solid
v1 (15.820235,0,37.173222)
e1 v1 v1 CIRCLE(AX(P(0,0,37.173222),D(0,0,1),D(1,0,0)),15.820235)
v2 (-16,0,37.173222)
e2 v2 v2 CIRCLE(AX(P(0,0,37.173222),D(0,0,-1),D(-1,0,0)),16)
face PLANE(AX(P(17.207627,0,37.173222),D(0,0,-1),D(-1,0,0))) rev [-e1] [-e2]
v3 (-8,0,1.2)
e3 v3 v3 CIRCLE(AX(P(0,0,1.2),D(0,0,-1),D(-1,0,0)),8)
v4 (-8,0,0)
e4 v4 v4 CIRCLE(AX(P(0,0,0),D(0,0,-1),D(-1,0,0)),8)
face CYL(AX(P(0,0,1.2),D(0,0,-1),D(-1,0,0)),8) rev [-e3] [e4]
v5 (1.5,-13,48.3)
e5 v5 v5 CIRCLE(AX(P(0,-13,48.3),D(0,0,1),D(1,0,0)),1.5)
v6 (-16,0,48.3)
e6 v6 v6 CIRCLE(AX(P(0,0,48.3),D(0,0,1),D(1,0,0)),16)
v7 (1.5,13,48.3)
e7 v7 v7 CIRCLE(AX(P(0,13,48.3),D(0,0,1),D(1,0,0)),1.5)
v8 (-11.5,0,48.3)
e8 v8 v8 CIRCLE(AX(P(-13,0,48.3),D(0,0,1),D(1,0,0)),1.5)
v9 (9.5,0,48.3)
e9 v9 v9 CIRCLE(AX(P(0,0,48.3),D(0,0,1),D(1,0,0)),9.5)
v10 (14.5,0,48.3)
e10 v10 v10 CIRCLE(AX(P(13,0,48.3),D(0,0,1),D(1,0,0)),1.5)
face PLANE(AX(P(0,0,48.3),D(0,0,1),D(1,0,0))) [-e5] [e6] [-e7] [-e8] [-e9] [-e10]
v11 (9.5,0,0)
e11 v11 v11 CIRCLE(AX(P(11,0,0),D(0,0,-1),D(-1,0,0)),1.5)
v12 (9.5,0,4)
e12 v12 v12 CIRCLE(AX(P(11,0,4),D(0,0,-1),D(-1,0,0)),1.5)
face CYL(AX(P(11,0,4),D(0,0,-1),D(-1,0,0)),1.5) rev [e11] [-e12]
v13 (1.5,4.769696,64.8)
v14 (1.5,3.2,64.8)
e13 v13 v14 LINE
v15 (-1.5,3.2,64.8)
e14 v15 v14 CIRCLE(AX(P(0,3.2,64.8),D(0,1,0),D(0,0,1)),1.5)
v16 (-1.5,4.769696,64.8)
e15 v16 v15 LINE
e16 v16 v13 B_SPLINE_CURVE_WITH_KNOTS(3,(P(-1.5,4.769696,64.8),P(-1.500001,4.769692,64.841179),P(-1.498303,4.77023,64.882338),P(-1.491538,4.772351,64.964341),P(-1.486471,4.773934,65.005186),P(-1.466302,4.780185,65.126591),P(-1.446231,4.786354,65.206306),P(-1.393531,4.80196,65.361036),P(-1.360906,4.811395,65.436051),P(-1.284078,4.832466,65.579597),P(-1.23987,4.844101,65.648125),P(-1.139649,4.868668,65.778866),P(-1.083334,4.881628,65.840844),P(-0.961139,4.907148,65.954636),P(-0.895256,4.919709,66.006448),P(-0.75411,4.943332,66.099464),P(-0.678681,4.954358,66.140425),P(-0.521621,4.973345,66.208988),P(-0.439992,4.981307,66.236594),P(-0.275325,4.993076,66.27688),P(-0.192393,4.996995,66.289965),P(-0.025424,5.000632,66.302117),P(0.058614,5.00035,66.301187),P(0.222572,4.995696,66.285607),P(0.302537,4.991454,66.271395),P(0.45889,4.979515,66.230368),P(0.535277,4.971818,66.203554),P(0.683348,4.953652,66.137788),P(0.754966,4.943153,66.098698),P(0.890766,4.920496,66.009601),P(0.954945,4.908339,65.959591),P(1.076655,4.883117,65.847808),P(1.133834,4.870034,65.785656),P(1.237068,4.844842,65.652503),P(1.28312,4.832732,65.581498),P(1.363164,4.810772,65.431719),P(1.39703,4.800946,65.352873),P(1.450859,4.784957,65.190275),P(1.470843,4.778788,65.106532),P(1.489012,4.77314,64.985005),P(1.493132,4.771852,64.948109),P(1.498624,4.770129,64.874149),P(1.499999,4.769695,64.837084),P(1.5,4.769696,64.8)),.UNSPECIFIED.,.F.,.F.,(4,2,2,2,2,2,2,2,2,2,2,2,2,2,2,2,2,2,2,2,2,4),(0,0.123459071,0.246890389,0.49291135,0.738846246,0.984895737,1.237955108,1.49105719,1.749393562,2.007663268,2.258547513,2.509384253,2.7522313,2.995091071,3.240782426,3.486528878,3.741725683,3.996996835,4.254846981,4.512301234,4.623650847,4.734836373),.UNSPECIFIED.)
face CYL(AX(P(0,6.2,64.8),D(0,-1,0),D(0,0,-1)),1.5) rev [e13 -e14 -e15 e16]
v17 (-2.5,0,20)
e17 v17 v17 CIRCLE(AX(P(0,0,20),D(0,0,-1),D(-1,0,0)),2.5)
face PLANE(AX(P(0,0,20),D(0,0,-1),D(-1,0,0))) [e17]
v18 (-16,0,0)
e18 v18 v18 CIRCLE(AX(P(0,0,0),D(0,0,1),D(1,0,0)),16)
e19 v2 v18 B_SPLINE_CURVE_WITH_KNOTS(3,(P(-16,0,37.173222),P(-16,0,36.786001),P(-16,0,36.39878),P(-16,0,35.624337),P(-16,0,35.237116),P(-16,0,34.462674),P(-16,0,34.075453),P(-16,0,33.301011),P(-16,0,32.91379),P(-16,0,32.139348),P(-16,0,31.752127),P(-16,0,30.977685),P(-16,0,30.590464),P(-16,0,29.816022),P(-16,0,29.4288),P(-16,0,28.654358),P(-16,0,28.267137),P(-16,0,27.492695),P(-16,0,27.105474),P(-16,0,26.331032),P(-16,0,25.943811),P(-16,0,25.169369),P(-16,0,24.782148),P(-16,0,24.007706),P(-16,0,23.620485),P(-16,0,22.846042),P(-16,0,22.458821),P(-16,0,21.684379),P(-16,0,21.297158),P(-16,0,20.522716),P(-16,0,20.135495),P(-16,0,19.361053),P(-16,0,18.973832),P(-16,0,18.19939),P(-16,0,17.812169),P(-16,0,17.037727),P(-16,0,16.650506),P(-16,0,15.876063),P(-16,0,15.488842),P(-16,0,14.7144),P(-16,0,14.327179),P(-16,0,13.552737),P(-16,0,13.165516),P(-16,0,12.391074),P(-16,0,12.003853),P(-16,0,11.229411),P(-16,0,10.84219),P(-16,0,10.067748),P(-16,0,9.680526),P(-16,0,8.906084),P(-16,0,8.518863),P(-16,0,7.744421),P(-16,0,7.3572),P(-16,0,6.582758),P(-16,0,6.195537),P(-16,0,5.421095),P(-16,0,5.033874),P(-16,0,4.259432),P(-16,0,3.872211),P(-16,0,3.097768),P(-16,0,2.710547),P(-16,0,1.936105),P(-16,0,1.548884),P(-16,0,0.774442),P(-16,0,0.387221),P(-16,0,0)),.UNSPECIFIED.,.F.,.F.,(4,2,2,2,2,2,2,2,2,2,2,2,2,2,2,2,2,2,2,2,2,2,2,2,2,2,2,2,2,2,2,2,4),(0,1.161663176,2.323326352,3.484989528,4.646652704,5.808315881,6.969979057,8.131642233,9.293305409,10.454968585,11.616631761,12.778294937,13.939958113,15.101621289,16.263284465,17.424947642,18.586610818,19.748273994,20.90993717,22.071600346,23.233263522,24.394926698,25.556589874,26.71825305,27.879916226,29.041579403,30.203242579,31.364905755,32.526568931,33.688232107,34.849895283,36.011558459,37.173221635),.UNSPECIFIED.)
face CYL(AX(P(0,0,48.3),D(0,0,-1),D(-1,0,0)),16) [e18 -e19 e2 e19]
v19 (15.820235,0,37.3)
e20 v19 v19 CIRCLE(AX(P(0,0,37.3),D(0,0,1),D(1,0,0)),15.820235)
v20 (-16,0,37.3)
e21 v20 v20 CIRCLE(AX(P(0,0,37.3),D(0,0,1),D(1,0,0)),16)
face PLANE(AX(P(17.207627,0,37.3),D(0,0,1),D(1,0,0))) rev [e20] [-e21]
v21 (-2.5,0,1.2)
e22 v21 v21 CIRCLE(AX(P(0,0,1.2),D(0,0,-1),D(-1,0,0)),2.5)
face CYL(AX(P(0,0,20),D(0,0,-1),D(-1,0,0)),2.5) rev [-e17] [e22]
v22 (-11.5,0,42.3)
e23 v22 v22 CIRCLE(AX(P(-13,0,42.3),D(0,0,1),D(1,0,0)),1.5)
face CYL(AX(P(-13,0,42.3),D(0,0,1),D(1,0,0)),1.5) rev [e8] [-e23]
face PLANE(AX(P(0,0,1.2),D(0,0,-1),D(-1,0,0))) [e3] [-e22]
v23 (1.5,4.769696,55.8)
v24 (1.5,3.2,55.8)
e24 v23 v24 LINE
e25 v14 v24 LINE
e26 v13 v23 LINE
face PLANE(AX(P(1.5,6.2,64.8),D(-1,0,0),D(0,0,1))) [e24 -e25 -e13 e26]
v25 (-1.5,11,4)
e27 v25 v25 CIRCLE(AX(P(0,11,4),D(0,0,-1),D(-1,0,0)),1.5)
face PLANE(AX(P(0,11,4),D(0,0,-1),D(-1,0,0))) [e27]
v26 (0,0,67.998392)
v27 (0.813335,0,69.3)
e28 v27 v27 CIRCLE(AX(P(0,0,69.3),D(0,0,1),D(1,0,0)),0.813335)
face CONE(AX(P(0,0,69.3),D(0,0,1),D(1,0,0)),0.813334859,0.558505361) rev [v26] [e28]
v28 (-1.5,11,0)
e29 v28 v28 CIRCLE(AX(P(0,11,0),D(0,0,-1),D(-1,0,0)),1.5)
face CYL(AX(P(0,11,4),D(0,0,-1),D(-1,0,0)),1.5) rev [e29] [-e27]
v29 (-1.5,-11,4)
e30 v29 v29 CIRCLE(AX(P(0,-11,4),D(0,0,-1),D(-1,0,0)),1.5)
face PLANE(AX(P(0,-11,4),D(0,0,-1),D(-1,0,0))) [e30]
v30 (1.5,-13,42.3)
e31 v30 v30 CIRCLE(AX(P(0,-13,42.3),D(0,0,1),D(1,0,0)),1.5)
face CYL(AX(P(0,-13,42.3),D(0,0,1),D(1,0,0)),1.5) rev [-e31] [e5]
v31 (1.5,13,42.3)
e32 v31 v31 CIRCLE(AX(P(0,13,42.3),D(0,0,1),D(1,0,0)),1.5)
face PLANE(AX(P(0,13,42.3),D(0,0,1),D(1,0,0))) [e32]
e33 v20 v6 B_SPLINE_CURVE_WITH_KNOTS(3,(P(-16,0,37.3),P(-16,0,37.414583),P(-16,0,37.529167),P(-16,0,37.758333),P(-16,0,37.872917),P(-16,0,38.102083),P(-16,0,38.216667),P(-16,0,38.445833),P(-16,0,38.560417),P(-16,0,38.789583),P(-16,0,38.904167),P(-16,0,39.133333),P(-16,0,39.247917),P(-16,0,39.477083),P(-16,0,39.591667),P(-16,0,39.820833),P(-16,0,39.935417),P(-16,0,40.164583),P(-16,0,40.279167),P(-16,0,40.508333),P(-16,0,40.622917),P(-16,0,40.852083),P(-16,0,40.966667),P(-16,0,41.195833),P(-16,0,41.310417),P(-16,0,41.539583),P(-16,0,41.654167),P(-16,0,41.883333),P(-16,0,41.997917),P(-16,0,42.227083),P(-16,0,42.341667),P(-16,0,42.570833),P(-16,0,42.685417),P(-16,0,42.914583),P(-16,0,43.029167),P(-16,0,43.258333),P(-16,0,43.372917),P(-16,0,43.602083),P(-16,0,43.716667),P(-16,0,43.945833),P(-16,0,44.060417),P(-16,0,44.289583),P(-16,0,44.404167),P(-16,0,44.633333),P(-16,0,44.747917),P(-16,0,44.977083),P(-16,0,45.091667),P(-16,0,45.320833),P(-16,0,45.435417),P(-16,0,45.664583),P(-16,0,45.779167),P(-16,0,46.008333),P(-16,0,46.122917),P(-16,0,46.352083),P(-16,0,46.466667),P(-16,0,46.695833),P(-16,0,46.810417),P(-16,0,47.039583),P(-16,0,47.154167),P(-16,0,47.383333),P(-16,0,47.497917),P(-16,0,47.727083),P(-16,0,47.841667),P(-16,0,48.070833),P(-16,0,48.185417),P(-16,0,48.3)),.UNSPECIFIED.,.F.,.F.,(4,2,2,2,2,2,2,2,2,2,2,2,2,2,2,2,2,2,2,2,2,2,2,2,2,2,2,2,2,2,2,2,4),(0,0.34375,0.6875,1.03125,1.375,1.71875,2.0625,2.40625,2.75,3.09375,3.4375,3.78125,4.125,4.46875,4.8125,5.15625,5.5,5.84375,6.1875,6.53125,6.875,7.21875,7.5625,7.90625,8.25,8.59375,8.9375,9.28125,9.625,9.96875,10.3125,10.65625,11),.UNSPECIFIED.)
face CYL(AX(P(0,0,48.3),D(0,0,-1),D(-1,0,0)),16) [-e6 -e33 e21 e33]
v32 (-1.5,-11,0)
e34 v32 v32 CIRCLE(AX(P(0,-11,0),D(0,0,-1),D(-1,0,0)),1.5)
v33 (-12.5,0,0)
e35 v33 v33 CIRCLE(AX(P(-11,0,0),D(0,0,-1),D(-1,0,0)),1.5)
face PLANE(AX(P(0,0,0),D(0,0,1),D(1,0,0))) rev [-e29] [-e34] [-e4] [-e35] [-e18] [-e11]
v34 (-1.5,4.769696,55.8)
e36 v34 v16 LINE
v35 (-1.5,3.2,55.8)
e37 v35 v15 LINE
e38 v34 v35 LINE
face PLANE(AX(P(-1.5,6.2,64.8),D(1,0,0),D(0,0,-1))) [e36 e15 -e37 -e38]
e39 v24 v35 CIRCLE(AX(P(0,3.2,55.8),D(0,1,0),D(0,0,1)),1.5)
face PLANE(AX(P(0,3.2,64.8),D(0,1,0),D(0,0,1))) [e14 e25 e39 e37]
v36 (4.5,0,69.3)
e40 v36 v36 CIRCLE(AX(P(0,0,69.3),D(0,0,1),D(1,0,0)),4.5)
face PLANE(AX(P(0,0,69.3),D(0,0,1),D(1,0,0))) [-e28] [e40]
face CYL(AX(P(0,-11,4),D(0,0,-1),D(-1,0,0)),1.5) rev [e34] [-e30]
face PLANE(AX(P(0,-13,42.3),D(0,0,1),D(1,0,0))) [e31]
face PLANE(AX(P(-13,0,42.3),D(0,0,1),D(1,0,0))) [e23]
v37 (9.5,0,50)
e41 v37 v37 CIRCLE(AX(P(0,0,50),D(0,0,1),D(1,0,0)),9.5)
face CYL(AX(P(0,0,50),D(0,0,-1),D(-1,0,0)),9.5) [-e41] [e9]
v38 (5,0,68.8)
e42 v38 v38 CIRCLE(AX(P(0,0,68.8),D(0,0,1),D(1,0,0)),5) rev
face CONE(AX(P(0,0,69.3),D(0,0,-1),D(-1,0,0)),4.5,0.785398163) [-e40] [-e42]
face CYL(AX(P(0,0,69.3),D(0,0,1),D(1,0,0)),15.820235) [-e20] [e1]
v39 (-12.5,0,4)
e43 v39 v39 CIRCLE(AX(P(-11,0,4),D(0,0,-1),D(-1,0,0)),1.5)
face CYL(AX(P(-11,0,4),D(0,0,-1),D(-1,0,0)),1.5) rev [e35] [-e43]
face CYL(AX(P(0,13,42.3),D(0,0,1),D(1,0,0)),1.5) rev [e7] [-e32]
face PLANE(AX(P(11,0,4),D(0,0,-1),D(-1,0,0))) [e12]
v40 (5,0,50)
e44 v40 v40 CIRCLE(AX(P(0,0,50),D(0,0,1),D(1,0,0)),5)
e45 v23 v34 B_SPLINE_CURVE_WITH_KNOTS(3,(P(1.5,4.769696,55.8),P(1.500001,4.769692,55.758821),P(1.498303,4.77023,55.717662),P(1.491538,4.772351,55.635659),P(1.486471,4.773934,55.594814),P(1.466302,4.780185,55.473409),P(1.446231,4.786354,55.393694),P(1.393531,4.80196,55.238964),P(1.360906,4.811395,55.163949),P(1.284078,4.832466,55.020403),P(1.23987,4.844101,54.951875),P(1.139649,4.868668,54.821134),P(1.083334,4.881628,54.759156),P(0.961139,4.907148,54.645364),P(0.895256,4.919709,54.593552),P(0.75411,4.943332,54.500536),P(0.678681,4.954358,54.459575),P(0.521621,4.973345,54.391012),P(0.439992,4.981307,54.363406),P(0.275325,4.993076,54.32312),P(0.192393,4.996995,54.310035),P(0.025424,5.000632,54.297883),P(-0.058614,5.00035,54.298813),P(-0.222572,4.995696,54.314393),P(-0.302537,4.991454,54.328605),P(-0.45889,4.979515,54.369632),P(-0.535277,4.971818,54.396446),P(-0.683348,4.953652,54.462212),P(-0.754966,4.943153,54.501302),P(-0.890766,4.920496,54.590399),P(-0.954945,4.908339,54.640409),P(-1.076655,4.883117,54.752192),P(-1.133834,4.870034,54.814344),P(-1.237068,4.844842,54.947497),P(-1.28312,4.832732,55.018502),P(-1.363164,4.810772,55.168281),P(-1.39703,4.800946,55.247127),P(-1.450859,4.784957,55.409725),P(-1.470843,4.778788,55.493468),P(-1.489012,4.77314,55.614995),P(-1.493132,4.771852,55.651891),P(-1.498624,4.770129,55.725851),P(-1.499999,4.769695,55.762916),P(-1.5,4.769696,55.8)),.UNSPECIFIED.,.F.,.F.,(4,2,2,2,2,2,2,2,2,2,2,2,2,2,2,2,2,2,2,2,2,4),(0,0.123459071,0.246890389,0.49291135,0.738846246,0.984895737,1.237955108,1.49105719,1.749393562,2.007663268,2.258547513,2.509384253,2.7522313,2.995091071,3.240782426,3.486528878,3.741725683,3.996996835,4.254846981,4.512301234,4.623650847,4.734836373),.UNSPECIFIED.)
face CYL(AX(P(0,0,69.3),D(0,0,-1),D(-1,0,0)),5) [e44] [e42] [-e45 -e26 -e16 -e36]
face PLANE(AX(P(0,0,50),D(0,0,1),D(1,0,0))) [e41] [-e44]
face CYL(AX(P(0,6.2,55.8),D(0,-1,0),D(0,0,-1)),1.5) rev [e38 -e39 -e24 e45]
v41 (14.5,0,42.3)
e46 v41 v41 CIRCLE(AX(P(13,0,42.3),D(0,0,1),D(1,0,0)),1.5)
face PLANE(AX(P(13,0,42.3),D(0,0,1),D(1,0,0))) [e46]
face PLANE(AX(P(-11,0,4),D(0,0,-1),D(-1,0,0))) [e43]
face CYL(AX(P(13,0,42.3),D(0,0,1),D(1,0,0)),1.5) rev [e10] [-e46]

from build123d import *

# Parameters (mm, degrees)
SKETCH_8_R           = 16
EXTRUDE_1_DEPTH      = 48.3
SKETCH_9_R           = 9.5
EXTRUDE_2_DEPTH      = 1.7
SKETCH_10_R          = 5
EXTRUDE_3_DEPTH      = 19.3
CUT_EXTRUDE_8_DEPTH  = 3
SKETCH_13_R          = 1.5
CUT_EXTRUDE_9_DEPTH  = 6
SKETCH_14_R          = 8
CUT_EXTRUDE_10_DEPTH = 1.2
SKETCH_15_R          = 2.5
CUT_EXTRUDE_11_DEPTH = 20
SKETCH_16_R          = 1.5
CUT_EXTRUDE_12_DEPTH = 4
SKETCH_17_W          = 1.387391921
SKETCH_17_H          = 0.126778365
CHAMFER_1_SIZE       = 0.5


with BuildPart() as part:
    # 草图8 → 凸台-拉伸1 (new body)
    with BuildSketch(Plane.XY):
        with Locations(Location((0, 0, 0), (0, 0, 180))):
            Circle(SKETCH_8_R)
    extrude(amount=EXTRUDE_1_DEPTH)

    # 草图9 → 凸台-拉伸2 (add)
    with BuildSketch(Plane.XY.offset(48.3)):
        Circle(SKETCH_9_R)
    extrude(amount=EXTRUDE_2_DEPTH)

    # 草图10 → 凸台-拉伸3 (add)
    with BuildSketch(Plane.XY.offset(50)):
        Circle(SKETCH_10_R)
    extrude(amount=EXTRUDE_3_DEPTH)

    # 切除-拉伸7 cone 1 section (through the dimple's axis) → 切除-拉伸7 (revolve, cut)
    with BuildSketch(Plane(origin=(0, 0, 69.3), x_dir=(0, -1, 0), z_dir=(1, 0, 0))):
        Polygon((0, 0), (0.813334859, 0), (0, 1.301607858), align=None)
    revolve(axis=Axis((0, 0, 69.3), (0, 0, -1)), mode=Mode.SUBTRACT)

    # 草图12 → 切除-拉伸8 (cut)
    with BuildSketch(Plane(origin=(0, 3.2, 0), x_dir=(1, 0, 0), z_dir=(0, 1, 0))):
        with BuildLine():
            Line((-1.5, -64.8), (-1.5, -55.8))
            ThreePointArc((-1.5, -55.8), (0, -54.3), (1.5, -55.8))
            Line((1.5, -55.8), (1.5, -64.8))
            ThreePointArc((1.5, -64.8), (0, -66.3), (-1.5, -64.8))
        make_face()
    extrude(amount=CUT_EXTRUDE_8_DEPTH, mode=Mode.SUBTRACT)

    # 草图13 → 切除-拉伸9 (cut)
    with BuildSketch(Plane.XY.offset(48.3)):
        with Locations((0, 13)):
            Circle(SKETCH_13_R)
        with Locations((-13, 0)):
            Circle(SKETCH_13_R)
        with Locations((0, -13)):
            Circle(SKETCH_13_R)
        with Locations((13, 0)):
            Circle(SKETCH_13_R)
    extrude(amount=-CUT_EXTRUDE_9_DEPTH, mode=Mode.SUBTRACT)

    # 草图14 → 切除-拉伸10 (cut)
    with BuildSketch(Plane(origin=(0, 0, 0), x_dir=(-1, 0, 0), z_dir=(0, 0, -1))):
        Circle(SKETCH_14_R)
    extrude(amount=-CUT_EXTRUDE_10_DEPTH, mode=Mode.SUBTRACT)

    # 草图15 → 切除-拉伸11 (cut)
    with BuildSketch(Plane(origin=(0, 0, 0), x_dir=(-1, 0, 0), z_dir=(0, 0, -1))):
        Circle(SKETCH_15_R)
    extrude(amount=-CUT_EXTRUDE_11_DEPTH, mode=Mode.SUBTRACT)

    # 草图16 → 切除-拉伸12 (cut)
    with BuildSketch(Plane(origin=(0, 0, 0), x_dir=(-1, 0, 0), z_dir=(0, 0, -1))):
        with Locations((0, 11)):
            Circle(SKETCH_16_R)
        with Locations((11, 0)):
            Circle(SKETCH_16_R)
        with Locations((0, -11)):
            Circle(SKETCH_16_R)
        with Locations((-11, 0)):
            Circle(SKETCH_16_R)
    extrude(amount=-CUT_EXTRUDE_12_DEPTH, mode=Mode.SUBTRACT)

    # 草图17 → 切除-旋转1 (revolve, cut)
    with BuildSketch(Plane(origin=(0, 0, 0), x_dir=(1, 0, 0), z_dir=(0, 1, 0)), mode=Mode.PRIVATE) as cut_revolve_1_sk:
        with Locations((16.513931417, -37.236610818)):
            Rectangle(SKETCH_17_W, SKETCH_17_H)
    revolve(cut_revolve_1_sk.sketch.rotate(Axis((0, 0, 69.3), (0, 0, -1)), 180), axis=Axis((0, 0, 69.3), (0, 0, -1)), mode=Mode.SUBTRACT)

    # 倒角1
    chamfer_1_edges = [part.edges().sort_by_distance(p)[0] for p in [
        (-5, 0, 69.3),
    ]]
    chamfer(chamfer_1_edges, length=CHAMFER_1_SIZE)


solid = part.part
